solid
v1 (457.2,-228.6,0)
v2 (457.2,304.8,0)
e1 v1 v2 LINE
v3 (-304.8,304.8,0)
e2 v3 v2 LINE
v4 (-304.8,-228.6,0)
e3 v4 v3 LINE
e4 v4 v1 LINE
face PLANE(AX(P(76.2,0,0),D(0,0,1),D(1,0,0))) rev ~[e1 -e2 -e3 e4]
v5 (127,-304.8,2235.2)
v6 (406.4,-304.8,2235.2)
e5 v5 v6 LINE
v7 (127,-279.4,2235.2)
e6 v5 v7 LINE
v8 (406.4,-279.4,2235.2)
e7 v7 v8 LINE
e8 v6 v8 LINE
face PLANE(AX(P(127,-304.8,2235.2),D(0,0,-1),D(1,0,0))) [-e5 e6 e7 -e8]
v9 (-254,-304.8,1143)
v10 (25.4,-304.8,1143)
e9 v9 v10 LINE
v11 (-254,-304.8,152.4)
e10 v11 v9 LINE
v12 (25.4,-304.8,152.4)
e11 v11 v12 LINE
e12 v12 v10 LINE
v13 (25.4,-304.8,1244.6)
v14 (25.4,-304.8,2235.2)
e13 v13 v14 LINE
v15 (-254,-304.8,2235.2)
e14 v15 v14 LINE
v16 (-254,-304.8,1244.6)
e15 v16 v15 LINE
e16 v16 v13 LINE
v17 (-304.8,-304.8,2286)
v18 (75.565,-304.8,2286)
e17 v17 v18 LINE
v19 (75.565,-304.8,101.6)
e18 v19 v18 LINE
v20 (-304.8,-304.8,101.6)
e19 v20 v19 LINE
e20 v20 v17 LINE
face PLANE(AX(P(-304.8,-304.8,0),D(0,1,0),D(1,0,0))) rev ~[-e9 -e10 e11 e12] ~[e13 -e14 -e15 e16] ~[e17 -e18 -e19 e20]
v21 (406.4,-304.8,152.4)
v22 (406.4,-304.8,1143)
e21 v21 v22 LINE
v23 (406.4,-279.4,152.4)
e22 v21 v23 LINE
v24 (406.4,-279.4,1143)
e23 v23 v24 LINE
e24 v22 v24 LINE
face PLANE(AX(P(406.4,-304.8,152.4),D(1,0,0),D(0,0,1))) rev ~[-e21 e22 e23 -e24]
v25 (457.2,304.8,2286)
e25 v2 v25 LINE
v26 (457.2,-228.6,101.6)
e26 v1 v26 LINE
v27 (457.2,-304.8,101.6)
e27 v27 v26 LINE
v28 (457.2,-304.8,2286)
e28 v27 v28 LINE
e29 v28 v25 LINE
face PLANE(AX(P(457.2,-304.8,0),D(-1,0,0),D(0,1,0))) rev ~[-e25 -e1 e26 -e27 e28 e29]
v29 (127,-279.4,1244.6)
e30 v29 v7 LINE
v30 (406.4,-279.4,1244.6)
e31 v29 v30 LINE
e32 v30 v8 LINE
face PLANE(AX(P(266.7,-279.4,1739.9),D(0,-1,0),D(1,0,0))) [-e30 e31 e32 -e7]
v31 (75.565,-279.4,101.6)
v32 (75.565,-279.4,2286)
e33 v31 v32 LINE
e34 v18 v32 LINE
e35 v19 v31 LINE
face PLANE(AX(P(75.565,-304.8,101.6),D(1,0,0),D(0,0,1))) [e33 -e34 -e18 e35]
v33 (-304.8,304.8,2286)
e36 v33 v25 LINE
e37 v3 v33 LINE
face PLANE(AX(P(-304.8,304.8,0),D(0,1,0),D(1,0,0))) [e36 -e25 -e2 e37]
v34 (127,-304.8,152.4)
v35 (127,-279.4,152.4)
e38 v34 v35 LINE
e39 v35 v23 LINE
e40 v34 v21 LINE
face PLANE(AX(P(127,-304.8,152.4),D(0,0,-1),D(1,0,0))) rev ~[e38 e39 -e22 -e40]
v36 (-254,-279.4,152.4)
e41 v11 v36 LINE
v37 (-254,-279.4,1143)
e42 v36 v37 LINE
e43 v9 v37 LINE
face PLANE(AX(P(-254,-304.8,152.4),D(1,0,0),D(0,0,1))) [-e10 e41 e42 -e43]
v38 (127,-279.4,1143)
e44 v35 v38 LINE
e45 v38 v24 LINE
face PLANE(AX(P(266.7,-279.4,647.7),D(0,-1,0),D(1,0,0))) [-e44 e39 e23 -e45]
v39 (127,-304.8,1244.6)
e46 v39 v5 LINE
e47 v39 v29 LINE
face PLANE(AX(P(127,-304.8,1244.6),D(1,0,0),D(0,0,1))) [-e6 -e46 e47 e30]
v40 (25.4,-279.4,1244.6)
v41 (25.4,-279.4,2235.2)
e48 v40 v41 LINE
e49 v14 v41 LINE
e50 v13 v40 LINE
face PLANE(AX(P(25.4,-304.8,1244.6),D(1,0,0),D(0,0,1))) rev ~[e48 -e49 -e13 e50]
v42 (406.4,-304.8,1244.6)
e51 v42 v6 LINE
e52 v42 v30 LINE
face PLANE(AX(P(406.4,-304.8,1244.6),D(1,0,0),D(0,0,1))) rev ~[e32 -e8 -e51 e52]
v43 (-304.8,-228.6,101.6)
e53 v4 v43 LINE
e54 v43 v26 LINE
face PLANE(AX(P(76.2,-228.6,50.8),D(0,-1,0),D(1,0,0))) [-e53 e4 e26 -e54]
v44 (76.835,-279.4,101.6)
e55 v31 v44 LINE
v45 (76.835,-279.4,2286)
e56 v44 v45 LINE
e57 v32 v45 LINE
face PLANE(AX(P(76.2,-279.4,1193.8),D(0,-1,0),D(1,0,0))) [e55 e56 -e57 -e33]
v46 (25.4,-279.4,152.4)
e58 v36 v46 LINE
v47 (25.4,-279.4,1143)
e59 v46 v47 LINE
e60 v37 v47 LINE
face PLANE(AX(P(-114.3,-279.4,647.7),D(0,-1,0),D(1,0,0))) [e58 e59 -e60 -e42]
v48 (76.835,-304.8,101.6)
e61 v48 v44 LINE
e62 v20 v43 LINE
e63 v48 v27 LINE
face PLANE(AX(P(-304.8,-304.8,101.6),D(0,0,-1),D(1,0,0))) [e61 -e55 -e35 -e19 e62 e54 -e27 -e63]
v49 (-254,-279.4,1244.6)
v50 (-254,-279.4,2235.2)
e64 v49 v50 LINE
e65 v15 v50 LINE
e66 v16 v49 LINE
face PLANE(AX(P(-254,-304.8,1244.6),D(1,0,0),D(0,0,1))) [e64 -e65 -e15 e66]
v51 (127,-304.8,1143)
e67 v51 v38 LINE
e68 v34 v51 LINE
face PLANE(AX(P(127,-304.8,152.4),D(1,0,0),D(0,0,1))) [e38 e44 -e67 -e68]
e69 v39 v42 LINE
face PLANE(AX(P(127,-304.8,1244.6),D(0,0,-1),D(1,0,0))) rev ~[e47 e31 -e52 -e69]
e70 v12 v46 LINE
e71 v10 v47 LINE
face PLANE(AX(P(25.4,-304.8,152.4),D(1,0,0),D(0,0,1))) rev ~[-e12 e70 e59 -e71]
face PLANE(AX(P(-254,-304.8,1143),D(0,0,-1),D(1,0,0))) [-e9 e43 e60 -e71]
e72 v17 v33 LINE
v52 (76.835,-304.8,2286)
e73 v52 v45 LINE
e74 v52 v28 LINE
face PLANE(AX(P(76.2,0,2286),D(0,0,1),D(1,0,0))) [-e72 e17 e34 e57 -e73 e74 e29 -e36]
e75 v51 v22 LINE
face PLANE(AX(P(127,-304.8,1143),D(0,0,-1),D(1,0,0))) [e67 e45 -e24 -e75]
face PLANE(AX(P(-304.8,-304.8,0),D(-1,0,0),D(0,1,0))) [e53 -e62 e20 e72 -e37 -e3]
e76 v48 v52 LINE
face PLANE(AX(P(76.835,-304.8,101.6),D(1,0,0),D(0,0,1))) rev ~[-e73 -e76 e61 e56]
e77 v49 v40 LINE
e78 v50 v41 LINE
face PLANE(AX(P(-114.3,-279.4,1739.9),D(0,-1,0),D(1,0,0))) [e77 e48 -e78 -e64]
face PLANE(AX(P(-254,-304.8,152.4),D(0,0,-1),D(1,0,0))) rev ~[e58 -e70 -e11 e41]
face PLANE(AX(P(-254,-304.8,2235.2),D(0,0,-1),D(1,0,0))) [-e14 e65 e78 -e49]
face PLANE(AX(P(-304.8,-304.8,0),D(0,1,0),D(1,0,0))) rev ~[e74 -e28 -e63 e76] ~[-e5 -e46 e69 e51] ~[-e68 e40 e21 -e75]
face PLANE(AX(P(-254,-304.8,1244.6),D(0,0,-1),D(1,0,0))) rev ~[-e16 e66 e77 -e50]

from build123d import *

# Parameters (mm, degrees)
F0_W     = 762
F0_H     = 609.6
F1_DEPTH = 2286
F2_W     = 762
F2_H     = 101.6
F3_DEPTH = 76.2
F4_W     = 279.4
F4_H     = 990.6
F4_W_2   = 1.27
F4_H_2   = 2184.4
F5_DEPTH = 25.4


with BuildPart() as f1:
    # F0 (on Top) → F1 (new body)
    with BuildSketch(Plane.XY):
        with Locations((76.2, 0)):
            Rectangle(F0_W, F0_H)
    extrude(amount=F1_DEPTH)

    # F2 (on face) → F3 (cut)
    with BuildSketch(Plane.XZ.offset(304.8)):
        with Locations((76.2, 50.8)):
            Rectangle(F2_W, F2_H)
    extrude(amount=-F3_DEPTH, mode=Mode.SUBTRACT)

    # F4 (on face) → F5 (cut)
    with BuildSketch(Plane.XZ.offset(304.8)):
        with Locations((-114.3, 1739.9)):
            Rectangle(F4_W, F4_H)
        with Locations((266.7, 1739.9)):
            Rectangle(F4_W, F4_H)
        with Locations((266.7, 647.7)):
            Rectangle(F4_W, F4_H)
        with Locations((-114.3, 647.7)):
            Rectangle(F4_W, F4_H)
        with Locations((76.2, 1193.8)):
            Rectangle(F4_W_2, F4_H_2)
    extrude(amount=-F5_DEPTH, mode=Mode.SUBTRACT)


solid = f1.part
